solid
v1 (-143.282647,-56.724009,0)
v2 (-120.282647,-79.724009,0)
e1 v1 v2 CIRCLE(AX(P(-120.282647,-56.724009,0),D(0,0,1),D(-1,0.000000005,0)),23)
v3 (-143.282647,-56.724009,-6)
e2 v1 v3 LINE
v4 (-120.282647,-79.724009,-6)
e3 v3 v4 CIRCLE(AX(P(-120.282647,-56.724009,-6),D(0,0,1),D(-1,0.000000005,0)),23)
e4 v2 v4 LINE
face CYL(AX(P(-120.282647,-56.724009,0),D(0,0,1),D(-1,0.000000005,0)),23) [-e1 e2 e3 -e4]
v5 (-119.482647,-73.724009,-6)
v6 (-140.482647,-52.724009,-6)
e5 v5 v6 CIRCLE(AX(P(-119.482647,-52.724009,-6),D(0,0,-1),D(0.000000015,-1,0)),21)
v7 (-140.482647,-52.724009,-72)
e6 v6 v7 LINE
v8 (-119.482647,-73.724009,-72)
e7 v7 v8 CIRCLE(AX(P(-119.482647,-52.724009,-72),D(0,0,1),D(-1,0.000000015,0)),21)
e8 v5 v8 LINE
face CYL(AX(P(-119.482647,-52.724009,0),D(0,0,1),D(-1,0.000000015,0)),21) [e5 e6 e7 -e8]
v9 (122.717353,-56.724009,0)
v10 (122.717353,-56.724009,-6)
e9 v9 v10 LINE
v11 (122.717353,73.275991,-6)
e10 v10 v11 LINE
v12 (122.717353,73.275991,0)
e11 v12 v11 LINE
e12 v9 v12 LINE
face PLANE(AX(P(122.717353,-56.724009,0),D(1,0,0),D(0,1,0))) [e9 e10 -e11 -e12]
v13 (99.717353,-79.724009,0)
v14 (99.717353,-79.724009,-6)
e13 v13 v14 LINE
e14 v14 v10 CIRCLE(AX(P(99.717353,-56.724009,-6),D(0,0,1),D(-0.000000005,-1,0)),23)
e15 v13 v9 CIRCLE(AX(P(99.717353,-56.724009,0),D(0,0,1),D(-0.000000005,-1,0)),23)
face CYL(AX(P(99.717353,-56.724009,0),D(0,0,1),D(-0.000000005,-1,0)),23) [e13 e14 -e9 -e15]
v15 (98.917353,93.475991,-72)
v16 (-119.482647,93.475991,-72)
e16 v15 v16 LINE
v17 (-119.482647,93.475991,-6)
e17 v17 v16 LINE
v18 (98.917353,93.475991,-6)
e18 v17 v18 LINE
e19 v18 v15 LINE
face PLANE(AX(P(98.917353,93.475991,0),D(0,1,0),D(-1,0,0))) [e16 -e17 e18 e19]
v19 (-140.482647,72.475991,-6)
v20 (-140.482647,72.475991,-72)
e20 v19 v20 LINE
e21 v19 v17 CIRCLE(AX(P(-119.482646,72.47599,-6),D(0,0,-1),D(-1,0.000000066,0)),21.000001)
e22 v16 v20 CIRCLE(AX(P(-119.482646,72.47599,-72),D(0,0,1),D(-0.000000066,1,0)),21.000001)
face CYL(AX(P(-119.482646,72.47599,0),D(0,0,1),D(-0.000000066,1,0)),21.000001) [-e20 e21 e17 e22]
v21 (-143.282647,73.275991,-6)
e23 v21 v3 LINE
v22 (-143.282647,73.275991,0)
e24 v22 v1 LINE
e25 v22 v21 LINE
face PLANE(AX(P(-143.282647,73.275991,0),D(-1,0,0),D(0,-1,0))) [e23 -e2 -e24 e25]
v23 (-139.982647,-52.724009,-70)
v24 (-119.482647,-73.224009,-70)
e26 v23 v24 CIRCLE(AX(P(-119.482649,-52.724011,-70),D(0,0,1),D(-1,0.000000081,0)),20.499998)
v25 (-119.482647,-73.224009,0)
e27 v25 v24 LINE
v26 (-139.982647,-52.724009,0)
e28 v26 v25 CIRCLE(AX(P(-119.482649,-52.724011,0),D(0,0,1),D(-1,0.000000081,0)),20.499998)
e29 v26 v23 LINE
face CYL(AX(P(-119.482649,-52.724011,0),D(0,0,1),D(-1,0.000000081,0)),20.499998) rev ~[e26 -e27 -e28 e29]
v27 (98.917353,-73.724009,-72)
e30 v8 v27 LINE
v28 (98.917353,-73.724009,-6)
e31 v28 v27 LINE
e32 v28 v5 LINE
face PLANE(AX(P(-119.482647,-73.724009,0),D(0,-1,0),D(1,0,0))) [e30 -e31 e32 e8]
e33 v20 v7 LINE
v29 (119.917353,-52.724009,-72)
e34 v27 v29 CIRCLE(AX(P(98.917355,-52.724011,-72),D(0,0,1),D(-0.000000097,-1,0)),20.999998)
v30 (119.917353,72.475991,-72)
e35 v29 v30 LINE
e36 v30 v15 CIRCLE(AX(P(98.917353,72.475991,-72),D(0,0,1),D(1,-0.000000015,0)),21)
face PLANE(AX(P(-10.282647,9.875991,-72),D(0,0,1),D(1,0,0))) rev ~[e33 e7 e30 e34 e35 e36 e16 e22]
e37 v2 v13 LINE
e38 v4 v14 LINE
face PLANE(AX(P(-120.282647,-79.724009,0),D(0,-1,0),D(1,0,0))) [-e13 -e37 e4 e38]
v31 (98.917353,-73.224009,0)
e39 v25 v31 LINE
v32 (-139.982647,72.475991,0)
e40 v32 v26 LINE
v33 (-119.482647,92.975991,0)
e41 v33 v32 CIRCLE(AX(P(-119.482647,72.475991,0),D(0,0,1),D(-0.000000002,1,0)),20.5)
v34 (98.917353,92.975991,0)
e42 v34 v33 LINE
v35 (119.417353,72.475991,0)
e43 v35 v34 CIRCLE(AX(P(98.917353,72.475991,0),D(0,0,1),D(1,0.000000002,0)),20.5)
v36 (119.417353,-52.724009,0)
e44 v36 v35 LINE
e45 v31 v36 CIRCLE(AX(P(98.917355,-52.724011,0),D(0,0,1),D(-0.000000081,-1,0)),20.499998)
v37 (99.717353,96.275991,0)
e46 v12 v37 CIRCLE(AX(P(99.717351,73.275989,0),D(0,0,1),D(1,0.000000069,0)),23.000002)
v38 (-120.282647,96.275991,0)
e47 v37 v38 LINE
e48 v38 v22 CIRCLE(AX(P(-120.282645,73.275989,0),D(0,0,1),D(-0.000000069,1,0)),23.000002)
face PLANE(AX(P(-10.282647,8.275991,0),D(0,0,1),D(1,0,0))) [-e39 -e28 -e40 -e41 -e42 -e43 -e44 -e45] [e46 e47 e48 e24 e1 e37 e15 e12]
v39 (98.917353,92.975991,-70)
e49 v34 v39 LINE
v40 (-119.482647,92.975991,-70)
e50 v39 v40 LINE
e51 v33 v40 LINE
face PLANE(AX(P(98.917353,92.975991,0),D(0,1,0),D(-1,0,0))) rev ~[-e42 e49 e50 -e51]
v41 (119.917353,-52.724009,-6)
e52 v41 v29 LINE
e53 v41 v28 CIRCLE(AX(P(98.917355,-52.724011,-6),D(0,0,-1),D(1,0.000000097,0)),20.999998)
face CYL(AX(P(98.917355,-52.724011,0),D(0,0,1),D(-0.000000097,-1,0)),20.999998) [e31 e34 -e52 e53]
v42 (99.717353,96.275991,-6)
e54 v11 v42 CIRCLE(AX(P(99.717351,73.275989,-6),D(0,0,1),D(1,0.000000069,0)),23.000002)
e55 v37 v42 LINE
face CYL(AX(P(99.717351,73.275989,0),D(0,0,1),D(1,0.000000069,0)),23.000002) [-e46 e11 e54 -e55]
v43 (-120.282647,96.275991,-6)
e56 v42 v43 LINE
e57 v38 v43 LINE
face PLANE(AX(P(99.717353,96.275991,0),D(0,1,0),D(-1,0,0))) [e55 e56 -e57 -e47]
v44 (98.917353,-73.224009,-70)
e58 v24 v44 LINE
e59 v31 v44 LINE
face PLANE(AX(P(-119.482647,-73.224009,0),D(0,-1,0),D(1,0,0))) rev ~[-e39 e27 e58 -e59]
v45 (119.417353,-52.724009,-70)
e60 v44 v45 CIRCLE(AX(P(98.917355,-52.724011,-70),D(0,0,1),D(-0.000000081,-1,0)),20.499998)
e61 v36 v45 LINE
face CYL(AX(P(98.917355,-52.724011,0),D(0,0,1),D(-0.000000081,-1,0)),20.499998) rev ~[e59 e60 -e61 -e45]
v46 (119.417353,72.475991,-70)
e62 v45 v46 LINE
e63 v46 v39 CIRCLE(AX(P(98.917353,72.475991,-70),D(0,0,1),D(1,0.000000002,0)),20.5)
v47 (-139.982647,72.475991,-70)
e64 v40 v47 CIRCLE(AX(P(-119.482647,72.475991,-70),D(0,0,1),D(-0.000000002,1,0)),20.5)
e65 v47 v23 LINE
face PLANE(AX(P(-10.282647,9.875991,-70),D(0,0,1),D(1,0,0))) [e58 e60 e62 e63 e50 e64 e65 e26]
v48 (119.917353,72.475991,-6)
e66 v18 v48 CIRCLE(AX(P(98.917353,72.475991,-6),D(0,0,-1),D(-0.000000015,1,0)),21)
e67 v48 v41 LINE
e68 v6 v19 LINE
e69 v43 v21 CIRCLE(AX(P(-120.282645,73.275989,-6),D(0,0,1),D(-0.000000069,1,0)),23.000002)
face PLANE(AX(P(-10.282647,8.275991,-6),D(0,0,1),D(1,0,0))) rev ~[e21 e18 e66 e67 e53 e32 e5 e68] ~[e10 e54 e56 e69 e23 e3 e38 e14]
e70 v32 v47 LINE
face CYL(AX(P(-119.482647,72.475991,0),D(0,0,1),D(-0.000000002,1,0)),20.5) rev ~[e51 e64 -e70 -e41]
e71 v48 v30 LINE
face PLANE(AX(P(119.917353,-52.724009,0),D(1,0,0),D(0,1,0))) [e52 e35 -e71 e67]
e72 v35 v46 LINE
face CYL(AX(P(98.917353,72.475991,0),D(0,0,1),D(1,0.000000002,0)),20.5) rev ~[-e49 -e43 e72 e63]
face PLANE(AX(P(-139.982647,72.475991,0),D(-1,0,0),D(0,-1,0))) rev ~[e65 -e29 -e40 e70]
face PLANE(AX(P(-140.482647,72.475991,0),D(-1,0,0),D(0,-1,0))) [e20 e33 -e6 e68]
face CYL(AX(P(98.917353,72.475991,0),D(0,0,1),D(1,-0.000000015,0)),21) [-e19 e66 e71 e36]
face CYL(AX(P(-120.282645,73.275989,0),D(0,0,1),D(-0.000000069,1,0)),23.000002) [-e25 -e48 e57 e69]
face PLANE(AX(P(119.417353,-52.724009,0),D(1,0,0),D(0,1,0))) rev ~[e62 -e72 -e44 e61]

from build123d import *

# Parameters (mm, degrees)
F1_DEPTH = 72
F2_DEPTH = 6
F4_DEPTH = 70


with BuildPart() as f1:
    # F0 (on Top) → F1 (new body)
    with BuildSketch(Plane.XY):
        with BuildLine():
            Line((98.917353, 93.475991), (-119.482647, 93.475991))
            ThreePointArc((-119.482647, 93.475991), (-134.331889, 87.325233), (-140.482647, 72.475991))
            Line((-140.482647, 72.475991), (-140.482647, -52.724009))
            ThreePointArc((-140.482647, -52.724009), (-134.331889, -67.573252), (-119.482647, -73.724009))
            Line((-119.482647, -73.724009), (98.917353, -73.724009))
            ThreePointArc((98.917353, -73.724009), (113.766596, -67.573252), (119.917353, -52.724009))
            Line((119.917353, -52.724009), (119.917353, 72.475991))
            ThreePointArc((119.917353, 72.475991), (113.766596, 87.325233), (98.917353, 93.475991))
        make_face()
    extrude(amount=-F1_DEPTH)

    # F0 (on Top) → F2 (join)
    with BuildSketch(Plane.XY):
        with BuildLine():
            Line((99.717353, 96.275991), (-120.282647, 96.275991))
            ThreePointArc((-120.282647, 96.275991), (-136.546103, 89.539446), (-143.282647, 73.275991))
            Line((-143.282647, 73.275991), (-143.282647, -56.724009))
            ThreePointArc((-143.282647, -56.724009), (-136.546103, -72.987465), (-120.282647, -79.724009))
            Line((-120.282647, -79.724009), (99.717353, -79.724009))
            ThreePointArc((99.717353, -79.724009), (115.980809, -72.987465), (122.717353, -56.724009))
            Line((122.717353, -56.724009), (122.717353, 73.275991))
            ThreePointArc((122.717353, 73.275991), (115.980809, 89.539446), (99.717353, 96.275991))
        make_face()
        with BuildLine():
            ThreePointArc((-140.482647, 72.475991), (-134.331889, 87.325233), (-119.482647, 93.475991))
            Line((-119.482647, 93.475991), (98.917353, 93.475991))
            ThreePointArc((98.917353, 93.475991), (113.766596, 87.325233), (119.917353, 72.475991))
            Line((119.917353, 72.475991), (119.917353, -52.724009))
            ThreePointArc((119.917353, -52.724009), (113.766596, -67.573252), (98.917353, -73.724009))
            Line((98.917353, -73.724009), (-119.482647, -73.724009))
            ThreePointArc((-119.482647, -73.724009), (-134.331889, -67.573252), (-140.482647, -52.724009))
            Line((-140.482647, -52.724009), (-140.482647, 72.475991))
        make_face(mode=Mode.SUBTRACT)
    extrude(amount=-F2_DEPTH)

    # F3 (on face) → F4 (cut)
    with BuildSketch(Plane.XY):
        with BuildLine():
            Line((98.917353, 92.975991), (-119.482647, 92.975991))
            ThreePointArc((-119.482647, 92.975991), (-133.978336, 86.97168), (-139.982647, 72.475991))
            Line((-139.982647, 72.475991), (-139.982647, -52.724009))
            ThreePointArc((-139.982647, -52.724009), (-133.978336, -67.219699), (-119.482647, -73.224009))
            Line((-119.482647, -73.224009), (98.917353, -73.224009))
            ThreePointArc((98.917353, -73.224009), (113.413042, -67.219699), (119.417353, -52.724009))
            Line((119.417353, -52.724009), (119.417353, 72.475991))
            ThreePointArc((119.417353, 72.475991), (113.413042, 86.97168), (98.917353, 92.975991))
        make_face()
    extrude(amount=-F4_DEPTH, mode=Mode.SUBTRACT)


solid = f1.part
